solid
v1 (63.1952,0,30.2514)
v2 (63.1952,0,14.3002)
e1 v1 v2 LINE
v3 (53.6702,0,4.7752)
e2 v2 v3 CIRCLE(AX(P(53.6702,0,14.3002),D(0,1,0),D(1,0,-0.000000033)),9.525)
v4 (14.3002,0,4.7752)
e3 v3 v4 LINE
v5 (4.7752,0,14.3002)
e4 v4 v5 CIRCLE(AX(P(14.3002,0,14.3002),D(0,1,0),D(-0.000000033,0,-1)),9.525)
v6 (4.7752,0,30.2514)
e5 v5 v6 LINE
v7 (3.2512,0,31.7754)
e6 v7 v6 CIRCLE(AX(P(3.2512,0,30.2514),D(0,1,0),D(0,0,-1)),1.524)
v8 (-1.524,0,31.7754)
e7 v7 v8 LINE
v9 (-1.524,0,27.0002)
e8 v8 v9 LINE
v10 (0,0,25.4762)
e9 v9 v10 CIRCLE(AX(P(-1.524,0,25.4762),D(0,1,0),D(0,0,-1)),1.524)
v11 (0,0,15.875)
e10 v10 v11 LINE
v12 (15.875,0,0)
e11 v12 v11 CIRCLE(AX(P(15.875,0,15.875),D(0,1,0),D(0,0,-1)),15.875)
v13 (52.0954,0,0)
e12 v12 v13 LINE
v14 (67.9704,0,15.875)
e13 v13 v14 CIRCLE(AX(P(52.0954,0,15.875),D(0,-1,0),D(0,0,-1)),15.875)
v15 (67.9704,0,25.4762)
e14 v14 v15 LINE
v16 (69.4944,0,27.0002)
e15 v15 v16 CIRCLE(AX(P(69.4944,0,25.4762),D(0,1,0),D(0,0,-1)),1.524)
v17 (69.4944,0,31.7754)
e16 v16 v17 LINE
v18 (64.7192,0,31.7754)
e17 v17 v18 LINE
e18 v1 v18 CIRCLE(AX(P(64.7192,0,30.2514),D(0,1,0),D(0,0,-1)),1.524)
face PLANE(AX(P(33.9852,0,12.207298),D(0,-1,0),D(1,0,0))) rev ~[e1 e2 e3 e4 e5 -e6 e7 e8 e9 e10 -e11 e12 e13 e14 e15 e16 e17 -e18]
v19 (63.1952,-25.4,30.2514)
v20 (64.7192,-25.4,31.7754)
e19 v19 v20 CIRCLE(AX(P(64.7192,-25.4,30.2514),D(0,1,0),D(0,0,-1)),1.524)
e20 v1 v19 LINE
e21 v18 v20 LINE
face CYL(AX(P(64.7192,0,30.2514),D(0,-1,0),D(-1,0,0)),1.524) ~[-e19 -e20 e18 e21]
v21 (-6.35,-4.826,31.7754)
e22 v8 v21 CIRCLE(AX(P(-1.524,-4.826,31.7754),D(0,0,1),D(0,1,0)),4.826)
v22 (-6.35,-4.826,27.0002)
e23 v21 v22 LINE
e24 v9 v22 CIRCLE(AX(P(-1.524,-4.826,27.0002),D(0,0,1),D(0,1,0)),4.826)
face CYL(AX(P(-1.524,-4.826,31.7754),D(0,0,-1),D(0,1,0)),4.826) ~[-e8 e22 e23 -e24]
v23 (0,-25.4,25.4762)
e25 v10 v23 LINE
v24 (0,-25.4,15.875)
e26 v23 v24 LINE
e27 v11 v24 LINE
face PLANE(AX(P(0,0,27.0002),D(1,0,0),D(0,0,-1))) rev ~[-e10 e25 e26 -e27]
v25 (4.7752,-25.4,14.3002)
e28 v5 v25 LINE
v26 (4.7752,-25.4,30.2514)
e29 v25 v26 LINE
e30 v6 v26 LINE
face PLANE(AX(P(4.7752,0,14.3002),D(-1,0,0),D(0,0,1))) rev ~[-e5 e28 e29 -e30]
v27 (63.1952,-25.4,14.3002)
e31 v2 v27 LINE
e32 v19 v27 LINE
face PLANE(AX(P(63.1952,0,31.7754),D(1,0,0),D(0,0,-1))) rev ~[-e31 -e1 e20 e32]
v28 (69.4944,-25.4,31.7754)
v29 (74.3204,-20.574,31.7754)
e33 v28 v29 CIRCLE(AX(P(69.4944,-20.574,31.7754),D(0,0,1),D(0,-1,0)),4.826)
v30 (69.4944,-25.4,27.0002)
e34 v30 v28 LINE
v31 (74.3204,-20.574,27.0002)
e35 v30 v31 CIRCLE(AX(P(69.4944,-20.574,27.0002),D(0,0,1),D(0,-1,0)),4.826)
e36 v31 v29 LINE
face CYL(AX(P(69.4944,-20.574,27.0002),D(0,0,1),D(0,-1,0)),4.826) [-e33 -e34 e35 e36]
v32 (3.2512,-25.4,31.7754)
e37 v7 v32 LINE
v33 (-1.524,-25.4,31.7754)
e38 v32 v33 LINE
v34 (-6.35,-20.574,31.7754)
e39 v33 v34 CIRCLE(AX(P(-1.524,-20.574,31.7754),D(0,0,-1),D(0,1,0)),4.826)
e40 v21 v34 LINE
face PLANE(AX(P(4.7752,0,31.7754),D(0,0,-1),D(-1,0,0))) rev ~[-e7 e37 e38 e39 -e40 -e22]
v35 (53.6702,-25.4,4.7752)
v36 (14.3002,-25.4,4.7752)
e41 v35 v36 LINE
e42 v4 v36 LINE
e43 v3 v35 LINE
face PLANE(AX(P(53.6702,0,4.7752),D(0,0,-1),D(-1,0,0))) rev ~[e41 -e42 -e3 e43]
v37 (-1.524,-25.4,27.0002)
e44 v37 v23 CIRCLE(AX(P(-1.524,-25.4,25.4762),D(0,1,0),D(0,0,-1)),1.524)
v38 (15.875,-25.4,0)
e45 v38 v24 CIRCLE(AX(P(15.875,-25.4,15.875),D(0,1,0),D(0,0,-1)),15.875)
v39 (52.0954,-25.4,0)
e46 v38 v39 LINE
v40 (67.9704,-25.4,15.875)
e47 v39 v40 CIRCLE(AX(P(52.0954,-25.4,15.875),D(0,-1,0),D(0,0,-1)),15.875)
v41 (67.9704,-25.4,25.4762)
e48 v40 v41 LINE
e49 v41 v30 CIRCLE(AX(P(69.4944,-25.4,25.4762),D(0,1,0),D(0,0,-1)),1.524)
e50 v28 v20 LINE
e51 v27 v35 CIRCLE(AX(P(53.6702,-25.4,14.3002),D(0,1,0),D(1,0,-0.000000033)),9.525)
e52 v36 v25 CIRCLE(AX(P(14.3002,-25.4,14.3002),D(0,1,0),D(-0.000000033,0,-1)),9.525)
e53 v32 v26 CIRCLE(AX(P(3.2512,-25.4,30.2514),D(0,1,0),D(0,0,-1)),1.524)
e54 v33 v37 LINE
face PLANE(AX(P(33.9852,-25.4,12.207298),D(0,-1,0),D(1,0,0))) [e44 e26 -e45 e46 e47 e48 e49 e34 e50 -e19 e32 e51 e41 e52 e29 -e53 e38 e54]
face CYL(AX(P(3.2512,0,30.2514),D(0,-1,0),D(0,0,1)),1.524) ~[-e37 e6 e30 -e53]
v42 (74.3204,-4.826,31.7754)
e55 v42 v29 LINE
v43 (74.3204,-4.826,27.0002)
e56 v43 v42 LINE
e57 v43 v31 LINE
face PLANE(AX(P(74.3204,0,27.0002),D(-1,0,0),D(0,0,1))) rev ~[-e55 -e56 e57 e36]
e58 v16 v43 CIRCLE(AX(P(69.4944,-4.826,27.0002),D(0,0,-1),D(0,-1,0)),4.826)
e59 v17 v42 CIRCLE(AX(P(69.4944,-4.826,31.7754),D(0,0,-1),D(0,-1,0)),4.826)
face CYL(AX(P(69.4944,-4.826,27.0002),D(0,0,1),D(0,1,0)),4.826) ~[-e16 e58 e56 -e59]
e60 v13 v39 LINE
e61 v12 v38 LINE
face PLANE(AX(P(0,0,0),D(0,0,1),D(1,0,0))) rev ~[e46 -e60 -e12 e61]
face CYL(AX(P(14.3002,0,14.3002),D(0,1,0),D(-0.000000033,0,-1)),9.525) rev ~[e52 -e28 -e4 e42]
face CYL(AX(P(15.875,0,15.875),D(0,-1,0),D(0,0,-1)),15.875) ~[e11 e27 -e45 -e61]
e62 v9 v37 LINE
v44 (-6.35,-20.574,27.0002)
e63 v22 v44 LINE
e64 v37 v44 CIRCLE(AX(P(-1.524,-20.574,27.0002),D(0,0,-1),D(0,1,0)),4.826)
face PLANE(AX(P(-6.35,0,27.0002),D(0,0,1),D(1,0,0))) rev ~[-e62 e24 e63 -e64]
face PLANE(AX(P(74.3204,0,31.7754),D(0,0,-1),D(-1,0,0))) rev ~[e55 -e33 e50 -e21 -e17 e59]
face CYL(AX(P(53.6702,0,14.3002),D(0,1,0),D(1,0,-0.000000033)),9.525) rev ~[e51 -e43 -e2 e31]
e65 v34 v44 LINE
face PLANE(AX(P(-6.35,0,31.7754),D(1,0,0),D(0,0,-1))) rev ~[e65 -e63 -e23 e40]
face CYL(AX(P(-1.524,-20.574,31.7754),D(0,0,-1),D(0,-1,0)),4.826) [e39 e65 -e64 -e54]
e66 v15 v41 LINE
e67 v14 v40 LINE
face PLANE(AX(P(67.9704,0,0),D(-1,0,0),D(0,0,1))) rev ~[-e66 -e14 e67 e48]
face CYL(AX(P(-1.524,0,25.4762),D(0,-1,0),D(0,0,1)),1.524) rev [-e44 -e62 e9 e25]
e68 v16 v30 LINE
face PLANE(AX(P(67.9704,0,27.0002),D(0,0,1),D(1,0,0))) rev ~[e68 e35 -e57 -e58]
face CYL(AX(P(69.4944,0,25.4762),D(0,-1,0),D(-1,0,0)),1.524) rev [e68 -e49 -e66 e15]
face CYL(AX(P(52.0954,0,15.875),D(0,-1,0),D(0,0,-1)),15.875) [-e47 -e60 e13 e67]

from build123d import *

# Parameters (mm, degrees)
F1_DEPTH = 25.4
F2_R     = 15.875
F3_R     = 4.826
F4_R     = 1.524


with BuildPart() as f1:
    # F0 (on Front) → F1 (new body)
    with BuildSketch(Plane.XZ):
        with BuildLine():
            Line((0, 4.7752), (0, 0))
            Line((0, 0), (67.9704, 0))
            Line((67.9704, 0), (67.9704, 4.7752))
            Line((67.9704, 4.7752), (67.9704, 27.0002))
            Line((67.9704, 27.0002), (74.3204, 27.0002))
            Line((74.3204, 27.0002), (74.3204, 31.7754))
            Line((74.3204, 31.7754), (67.9704, 31.7754))
            Line((67.9704, 31.7754), (63.1952, 31.7754))
            Line((63.1952, 31.7754), (63.1952, 14.3002))
            ThreePointArc((63.1952, 14.3002), (60.405392, 7.565008), (53.6702, 4.7752))
            Line((53.6702, 4.7752), (14.3002, 4.7752))
            ThreePointArc((14.3002, 4.7752), (7.565008, 7.565008), (4.7752, 14.3002))
            Line((4.7752, 14.3002), (4.7752, 31.7754))
            Line((4.7752, 31.7754), (0, 31.7754))
            Line((0, 31.7754), (-6.35, 31.7754))
            Line((-6.35, 31.7754), (-6.35, 27.0002))
            Line((-6.35, 27.0002), (0, 27.0002))
            Line((0, 27.0002), (0, 4.7752))
        make_face()
    extrude(amount=F1_DEPTH)

    # F2
    f2_edges = [f1.edges().sort_by_distance(p)[0] for p in [
        (0, -12.7, 0),
        (67.9704, -12.7, 0),
    ]]
    fillet(f2_edges, radius=F2_R)

    # F3
    f3_edges = [f1.edges().sort_by_distance(p)[0] for p in [
        (-6.35, 0, 29.3878),
        (-6.35, -25.4, 29.3878),
        (74.3204, 0, 29.3878),
        (74.3204, -25.4, 29.3878),
    ]]
    fillet(f3_edges, radius=F3_R)

    # F4
    f4_edges = [f1.edges().sort_by_distance(p)[0] for p in [
        (0, -12.7, 27.0002),
        (4.7752, -12.7, 31.7754),
        (63.1952, -12.7, 31.7754),
        (67.9704, -12.7, 27.0002),
    ]]
    fillet(f4_edges, radius=F4_R)


solid = f1.part
